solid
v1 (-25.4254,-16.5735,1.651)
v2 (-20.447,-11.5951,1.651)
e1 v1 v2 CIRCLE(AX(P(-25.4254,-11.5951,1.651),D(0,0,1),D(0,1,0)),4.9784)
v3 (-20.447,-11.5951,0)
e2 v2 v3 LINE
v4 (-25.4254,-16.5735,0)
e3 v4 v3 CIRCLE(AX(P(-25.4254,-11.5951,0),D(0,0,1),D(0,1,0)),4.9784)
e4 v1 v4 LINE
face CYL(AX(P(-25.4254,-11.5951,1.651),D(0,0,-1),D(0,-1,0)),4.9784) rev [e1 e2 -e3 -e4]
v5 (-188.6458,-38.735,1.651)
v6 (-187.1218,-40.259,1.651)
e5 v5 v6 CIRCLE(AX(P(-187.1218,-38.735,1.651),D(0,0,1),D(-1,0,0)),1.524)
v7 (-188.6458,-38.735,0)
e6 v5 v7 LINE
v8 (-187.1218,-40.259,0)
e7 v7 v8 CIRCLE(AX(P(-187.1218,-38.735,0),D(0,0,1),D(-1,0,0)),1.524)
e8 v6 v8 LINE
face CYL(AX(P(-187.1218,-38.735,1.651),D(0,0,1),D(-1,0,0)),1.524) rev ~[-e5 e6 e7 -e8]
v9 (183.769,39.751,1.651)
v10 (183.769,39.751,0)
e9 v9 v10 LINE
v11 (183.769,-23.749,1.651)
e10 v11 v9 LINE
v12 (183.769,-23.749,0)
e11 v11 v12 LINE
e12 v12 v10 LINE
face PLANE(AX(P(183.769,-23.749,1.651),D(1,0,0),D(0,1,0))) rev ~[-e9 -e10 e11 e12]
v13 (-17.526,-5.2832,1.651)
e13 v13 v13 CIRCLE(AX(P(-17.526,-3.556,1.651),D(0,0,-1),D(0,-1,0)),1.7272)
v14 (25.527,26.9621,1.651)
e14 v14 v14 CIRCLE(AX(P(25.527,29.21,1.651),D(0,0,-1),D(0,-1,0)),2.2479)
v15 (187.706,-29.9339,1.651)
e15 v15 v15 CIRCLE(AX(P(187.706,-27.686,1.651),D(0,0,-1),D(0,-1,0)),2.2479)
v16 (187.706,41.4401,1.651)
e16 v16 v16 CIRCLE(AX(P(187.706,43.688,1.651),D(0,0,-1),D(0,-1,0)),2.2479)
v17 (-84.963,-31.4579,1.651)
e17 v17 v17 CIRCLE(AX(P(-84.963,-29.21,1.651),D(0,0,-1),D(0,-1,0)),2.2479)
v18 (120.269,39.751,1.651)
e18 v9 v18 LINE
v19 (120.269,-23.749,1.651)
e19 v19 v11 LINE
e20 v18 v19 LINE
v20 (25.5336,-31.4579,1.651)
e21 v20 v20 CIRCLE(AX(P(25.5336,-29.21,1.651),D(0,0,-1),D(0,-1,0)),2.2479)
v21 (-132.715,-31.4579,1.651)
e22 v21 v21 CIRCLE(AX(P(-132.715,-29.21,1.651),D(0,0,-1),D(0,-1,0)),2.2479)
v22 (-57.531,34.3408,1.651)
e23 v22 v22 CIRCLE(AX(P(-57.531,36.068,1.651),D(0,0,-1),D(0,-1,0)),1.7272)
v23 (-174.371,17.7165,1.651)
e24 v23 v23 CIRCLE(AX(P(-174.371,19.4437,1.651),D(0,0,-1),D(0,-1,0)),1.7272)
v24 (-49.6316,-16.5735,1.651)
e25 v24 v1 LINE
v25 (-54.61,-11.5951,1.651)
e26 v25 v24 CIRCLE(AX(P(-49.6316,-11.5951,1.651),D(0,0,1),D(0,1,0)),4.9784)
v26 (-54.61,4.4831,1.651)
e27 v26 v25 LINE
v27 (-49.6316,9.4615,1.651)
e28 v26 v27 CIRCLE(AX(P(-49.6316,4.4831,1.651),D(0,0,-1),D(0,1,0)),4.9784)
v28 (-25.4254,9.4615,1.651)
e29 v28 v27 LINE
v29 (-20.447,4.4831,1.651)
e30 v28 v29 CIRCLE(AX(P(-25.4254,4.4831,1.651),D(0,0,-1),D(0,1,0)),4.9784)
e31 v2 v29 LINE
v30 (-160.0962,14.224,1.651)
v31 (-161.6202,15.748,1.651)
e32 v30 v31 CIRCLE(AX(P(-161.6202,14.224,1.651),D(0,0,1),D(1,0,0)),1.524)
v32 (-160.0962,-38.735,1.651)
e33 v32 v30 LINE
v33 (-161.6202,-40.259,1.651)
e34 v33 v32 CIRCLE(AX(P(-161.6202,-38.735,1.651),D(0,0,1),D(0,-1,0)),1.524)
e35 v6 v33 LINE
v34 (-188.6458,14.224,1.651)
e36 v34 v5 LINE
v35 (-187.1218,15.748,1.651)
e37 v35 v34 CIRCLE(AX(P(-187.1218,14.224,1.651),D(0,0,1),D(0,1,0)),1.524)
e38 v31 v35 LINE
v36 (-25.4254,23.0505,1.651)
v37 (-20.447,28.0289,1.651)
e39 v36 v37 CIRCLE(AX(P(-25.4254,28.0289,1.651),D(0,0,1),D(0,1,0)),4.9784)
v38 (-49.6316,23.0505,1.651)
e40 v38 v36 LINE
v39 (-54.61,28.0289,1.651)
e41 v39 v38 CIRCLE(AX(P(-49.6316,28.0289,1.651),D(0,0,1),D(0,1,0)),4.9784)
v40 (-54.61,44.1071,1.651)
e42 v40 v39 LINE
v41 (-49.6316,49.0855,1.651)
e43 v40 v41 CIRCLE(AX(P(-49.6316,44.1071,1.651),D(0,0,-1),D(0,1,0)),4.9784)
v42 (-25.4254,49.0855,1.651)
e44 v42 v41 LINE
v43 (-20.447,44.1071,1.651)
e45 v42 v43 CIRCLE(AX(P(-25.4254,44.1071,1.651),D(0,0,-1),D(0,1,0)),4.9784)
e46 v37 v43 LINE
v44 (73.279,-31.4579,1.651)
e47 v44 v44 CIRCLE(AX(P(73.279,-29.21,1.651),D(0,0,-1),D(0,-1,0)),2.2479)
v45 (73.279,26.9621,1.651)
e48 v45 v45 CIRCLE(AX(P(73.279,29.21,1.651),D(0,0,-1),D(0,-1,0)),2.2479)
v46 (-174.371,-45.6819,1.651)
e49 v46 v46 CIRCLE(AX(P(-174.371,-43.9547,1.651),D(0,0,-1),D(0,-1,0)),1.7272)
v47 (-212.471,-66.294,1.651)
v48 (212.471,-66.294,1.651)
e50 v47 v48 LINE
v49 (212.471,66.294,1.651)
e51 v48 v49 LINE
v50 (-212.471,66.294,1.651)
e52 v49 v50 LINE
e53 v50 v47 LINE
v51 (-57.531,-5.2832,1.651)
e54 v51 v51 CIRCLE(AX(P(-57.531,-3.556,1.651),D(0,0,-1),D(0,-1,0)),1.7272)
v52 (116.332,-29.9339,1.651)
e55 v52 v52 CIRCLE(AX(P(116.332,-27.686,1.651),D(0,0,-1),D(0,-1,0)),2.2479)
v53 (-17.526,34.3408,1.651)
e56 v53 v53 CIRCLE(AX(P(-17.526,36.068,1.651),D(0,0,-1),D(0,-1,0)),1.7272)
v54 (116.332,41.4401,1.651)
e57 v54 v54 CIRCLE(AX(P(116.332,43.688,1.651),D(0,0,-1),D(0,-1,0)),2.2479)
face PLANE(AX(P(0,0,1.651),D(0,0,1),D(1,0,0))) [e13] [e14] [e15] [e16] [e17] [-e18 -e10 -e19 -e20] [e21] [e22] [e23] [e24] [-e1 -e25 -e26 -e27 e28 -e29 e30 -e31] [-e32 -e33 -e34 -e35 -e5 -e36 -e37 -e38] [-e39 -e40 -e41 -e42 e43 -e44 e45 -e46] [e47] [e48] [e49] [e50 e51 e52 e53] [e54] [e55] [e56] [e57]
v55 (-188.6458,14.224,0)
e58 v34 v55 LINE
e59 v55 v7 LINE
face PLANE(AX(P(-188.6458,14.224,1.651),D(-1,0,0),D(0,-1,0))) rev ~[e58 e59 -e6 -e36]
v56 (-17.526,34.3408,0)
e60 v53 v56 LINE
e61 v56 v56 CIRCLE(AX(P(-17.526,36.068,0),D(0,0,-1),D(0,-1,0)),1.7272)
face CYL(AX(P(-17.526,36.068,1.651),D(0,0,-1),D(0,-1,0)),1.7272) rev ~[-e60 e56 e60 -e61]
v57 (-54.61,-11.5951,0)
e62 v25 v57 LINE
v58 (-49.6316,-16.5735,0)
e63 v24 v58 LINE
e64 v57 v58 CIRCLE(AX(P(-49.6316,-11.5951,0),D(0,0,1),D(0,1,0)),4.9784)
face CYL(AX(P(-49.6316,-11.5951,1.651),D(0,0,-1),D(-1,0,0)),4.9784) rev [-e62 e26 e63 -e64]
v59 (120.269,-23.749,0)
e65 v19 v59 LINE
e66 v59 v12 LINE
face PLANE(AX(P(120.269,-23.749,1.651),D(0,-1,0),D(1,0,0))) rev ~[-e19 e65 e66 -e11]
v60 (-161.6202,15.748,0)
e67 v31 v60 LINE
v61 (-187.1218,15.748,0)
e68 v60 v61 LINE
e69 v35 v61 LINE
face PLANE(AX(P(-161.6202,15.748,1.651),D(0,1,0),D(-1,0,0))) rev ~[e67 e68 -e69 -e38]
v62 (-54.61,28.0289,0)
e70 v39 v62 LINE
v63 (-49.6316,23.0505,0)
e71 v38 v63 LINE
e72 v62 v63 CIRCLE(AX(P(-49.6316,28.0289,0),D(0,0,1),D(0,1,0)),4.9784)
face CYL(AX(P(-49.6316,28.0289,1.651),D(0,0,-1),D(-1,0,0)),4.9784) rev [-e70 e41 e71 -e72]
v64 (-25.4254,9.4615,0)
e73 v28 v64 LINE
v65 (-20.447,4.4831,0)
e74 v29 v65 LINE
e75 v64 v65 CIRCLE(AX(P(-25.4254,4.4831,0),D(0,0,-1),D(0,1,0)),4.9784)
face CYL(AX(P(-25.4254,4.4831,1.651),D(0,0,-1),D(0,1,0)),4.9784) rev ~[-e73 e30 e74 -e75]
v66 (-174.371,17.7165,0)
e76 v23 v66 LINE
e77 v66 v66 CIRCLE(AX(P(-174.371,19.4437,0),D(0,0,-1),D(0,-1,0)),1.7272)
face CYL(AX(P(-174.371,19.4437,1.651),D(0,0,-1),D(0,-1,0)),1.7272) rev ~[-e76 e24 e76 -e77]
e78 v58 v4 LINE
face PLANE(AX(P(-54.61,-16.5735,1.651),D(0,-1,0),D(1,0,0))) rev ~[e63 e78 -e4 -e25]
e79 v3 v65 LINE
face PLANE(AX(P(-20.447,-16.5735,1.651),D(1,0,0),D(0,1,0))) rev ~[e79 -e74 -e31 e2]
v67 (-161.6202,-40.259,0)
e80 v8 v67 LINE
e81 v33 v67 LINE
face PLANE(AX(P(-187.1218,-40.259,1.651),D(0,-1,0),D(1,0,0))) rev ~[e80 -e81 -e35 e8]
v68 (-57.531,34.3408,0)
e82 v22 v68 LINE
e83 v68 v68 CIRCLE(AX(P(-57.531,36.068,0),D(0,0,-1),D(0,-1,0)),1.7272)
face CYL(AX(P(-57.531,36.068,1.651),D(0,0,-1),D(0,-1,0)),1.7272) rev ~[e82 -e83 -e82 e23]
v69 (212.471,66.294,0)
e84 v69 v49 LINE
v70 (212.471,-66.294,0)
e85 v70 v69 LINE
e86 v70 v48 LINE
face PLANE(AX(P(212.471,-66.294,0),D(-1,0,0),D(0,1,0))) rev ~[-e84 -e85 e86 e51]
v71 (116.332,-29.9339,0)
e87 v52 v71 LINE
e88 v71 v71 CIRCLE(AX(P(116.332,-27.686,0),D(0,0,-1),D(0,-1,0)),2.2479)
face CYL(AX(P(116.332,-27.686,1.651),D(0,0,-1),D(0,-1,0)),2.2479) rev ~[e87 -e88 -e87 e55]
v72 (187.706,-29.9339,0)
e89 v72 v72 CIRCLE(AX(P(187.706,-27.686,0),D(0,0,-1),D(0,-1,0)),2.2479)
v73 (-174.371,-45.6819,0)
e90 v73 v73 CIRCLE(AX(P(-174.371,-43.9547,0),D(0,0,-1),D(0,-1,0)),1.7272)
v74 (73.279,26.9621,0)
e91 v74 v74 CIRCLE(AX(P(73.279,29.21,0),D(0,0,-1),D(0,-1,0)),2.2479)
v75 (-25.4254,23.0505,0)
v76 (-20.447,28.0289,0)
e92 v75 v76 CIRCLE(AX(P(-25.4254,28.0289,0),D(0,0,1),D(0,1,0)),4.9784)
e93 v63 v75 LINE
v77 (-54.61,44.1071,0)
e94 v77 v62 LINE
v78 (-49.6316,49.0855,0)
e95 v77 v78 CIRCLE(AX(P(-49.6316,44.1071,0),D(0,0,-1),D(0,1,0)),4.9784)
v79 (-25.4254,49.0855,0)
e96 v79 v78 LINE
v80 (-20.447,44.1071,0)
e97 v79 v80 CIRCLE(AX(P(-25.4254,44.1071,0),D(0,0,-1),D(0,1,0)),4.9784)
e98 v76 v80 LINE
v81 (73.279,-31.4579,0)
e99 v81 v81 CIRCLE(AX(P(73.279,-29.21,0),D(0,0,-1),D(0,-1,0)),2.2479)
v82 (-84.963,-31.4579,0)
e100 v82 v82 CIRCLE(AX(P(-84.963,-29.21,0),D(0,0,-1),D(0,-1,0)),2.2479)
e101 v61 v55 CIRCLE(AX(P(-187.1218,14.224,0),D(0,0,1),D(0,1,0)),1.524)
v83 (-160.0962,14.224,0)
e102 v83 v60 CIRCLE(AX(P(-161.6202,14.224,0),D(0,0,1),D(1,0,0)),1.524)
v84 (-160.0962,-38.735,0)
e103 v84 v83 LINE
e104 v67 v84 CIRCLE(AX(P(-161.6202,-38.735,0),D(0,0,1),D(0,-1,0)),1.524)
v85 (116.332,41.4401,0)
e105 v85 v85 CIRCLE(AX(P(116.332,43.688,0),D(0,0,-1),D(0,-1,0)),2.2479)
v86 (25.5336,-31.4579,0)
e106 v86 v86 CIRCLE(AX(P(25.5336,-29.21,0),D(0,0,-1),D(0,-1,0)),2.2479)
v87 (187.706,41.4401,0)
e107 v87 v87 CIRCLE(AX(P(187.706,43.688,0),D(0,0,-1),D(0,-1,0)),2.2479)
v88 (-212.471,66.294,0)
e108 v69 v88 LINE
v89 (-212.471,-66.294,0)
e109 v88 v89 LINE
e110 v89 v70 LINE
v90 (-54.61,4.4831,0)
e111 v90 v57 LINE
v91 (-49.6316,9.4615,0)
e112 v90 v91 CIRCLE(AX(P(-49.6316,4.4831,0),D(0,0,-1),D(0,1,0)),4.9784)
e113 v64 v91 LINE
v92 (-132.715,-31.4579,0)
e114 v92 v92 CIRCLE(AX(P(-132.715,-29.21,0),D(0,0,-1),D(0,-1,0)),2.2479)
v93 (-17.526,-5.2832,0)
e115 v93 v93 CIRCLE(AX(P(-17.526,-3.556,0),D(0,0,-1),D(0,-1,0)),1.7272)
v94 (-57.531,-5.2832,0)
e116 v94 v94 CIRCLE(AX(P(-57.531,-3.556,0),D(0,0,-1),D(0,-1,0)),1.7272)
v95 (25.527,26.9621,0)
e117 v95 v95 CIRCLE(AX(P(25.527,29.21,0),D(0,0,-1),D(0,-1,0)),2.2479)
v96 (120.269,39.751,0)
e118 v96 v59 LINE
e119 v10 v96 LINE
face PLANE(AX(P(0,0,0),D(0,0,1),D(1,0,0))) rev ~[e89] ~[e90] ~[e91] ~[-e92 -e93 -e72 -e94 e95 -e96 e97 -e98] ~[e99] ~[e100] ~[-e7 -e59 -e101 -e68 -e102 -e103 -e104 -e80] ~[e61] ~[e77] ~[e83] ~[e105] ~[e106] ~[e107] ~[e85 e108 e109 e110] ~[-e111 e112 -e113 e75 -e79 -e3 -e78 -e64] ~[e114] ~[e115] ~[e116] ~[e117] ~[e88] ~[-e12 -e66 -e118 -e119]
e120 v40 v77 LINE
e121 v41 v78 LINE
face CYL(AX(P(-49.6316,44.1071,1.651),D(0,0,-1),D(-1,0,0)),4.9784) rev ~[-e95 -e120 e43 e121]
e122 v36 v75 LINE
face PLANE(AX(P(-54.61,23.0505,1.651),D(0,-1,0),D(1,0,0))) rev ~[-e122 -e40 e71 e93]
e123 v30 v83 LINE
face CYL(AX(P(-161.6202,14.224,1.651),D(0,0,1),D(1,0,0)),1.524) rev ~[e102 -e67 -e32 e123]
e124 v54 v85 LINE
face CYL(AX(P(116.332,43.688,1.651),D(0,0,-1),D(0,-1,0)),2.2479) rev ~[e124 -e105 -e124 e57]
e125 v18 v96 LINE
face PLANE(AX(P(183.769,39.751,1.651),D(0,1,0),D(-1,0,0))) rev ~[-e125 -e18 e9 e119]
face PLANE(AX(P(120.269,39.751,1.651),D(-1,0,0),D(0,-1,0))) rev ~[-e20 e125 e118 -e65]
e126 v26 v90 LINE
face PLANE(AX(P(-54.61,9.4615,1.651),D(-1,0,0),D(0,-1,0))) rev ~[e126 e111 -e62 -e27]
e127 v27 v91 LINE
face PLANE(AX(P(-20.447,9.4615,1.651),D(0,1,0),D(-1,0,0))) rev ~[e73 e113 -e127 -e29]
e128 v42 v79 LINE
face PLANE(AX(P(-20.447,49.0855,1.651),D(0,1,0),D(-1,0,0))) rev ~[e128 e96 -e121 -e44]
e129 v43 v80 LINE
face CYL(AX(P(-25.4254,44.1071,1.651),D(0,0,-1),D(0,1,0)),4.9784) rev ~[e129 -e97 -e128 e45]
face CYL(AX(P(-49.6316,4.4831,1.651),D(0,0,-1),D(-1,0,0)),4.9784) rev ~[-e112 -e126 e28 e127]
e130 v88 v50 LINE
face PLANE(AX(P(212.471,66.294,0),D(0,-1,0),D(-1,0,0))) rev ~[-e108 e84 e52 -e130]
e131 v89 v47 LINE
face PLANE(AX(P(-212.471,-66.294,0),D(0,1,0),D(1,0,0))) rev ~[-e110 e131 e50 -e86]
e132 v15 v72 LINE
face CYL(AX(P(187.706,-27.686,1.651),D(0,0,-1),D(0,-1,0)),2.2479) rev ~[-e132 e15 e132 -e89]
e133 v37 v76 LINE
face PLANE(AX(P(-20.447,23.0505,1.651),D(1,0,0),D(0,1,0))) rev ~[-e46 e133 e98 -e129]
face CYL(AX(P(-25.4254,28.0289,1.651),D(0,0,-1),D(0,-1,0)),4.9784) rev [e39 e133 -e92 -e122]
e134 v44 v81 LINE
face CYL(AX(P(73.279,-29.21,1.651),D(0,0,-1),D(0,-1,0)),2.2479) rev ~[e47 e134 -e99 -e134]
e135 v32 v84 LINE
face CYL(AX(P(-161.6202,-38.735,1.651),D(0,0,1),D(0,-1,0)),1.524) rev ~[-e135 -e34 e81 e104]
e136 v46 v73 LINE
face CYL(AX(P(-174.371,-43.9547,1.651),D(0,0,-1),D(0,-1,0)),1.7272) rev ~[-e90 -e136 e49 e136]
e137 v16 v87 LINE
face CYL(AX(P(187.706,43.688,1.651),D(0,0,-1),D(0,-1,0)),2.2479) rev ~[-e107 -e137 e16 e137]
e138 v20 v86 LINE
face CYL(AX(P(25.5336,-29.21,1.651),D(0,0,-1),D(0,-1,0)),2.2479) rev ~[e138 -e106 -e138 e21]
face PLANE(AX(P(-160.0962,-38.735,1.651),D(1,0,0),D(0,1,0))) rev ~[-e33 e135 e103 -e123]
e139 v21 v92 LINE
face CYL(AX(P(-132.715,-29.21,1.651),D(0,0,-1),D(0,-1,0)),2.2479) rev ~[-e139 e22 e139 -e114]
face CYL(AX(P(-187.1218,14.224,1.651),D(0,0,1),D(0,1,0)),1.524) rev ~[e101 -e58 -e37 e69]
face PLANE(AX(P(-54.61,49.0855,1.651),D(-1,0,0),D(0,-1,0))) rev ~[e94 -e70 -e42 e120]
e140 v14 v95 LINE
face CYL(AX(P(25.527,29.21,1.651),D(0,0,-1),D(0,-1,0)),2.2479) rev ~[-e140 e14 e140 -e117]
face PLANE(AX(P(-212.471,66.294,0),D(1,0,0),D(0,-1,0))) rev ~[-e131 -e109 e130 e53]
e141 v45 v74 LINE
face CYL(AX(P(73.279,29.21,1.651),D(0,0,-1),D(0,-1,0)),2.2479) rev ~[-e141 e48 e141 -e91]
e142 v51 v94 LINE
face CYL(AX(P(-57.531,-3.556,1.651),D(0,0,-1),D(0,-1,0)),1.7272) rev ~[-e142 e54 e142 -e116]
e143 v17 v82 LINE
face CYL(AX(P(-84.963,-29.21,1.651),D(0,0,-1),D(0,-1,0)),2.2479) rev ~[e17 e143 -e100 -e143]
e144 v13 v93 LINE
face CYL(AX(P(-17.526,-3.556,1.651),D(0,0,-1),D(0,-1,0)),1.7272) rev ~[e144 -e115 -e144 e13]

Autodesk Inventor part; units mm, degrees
ref_plane "YZ Plane" through (0, 0, 0) normal (1, 0, 0) x (0, 1, 0)
ref_plane "XZ Plane" through (0, 0, 0) normal (0, 1, 0) x (-1, 0, 0)
ref_plane "XY Plane" through (0, 0, 0) normal (0, 0, 1) x (1, 0, 0)
sketch "Sketch1" plane through (0, 0, 0) normal (0, 0, 1) x (1, 0, 0)
  line L0 (-212.471, -66.294) -> (212.471, -66.294)
  line L1 (212.471, -66.294) -> (212.471, 66.294)
  line L2 (212.471, 66.294) -> (-212.471, 66.294)
  line L3 (-212.471, 66.294) -> (-212.471, -66.294)
  line L4 (-212.471, -66.294) -> (212.471, 66.294) construction
  line L5 (212.471, -66.294) -> (-212.471, 66.294) construction
  point P0 (0, 0)
  dimension "d0" = 424.942
  dimension "d1" = 132.588
extrude "PDU back" add sketch "Sketch1" along normal blind 1.651
sketch "pwr entry" plane through (0, 0, 1.651) normal (0, 0, 1) x (1, 0, 0)
  line L0 (-187.1218, -40.259) -> (-161.6202, -40.259)
  line L1 (-160.0962, -38.735) -> (-160.0962, 14.224)
  line L2 (-161.6202, 15.748) -> (-187.1218, 15.748)
  line L3 (-188.6458, 14.224) -> (-188.6458, -38.735)
  line L4 (-188.6458, -40.259) -> (-160.0962, 15.748) construction
  line L5 (-160.0962, -40.259) -> (-188.6458, 15.748) construction
  line L6 (-174.371, 19.4437) -> (-174.371, -43.9547) construction
  line L7 (-212.471, 66.294) -> (-212.471, -66.294) projected
  line L8 (-212.471, -66.294) -> (212.471, -66.294) projected
  arc A0 (-160.0962, 14.224) -> (-161.6202, 15.748) centre (-161.6202, 14.224) ccw
  arc A1 (-187.1218, 15.748) -> (-188.6458, 14.224) centre (-187.1218, 14.224) ccw
  arc A2 (-188.6458, -38.735) -> (-187.1218, -40.259) centre (-187.1218, -38.735) ccw
  arc A3 (-161.6202, -40.259) -> (-160.0962, -38.735) centre (-161.6202, -38.735) ccw
  point P0 (0, 0)
  point P1 (-174.371, -12.2555)
  point P2 (-174.371, -12.2555)
  dimension "d4" = 56.007
  dimension "d5" = 28.5496
  dimension "d6" = 63.3984
  dimension "d7" = 38.1
  dimension "d8" = 22.3393
  dimension "d9" = 1.524
extrude "pwr entry cutout" cut sketch "pwr entry" against normal through all
hole "pwr entry holes" at (-174.371, 19.4437, 1.651) at (-174.371, -43.9547, 1.651) direction (0, 0, -1) diameter 3.4544 end through all
sketch "IEC outlet" plane through (0, 0, 1.651) normal (0, 0, 1) x (1, 0, 0)
  line L0 (-54.61, -16.5735) -> (-20.447, -16.5735)
  line L1 (-20.447, -16.5735) -> (-20.447, 9.4615)
  line L2 (-20.447, 9.4615) -> (-54.61, 9.4615)
  line L3 (-54.61, 9.4615) -> (-54.61, -16.5735)
  line L4 (-54.61, -16.5735) -> (-20.447, 9.4615) construction
  line L5 (-20.447, -16.5735) -> (-54.61, 9.4615) construction
  line L6 (-57.531, -3.556) -> (-17.526, -3.556) construction
  line L7 (-212.471, 66.294) -> (-212.471, -66.294) projected
  line L8 (-212.471, -66.294) -> (212.471, -66.294) projected
  line L9 (-54.61, 23.0505) -> (-20.447, 23.0505)
  line L10 (-20.447, 23.0505) -> (-20.447, 49.0855)
  line L11 (-20.447, 49.0855) -> (-54.61, 49.0855)
  line L12 (-54.61, 49.0855) -> (-54.61, 23.0505)
  line L13 (-54.61, 23.0505) -> (-20.447, 49.0855) construction
  line L14 (-20.447, 23.0505) -> (-54.61, 49.0855) construction
  line L15 (-57.531, 36.068) -> (-17.526, 36.068) construction
  point P0 (0, 0)
  point P1 (-37.5285, -3.556)
  point P2 (-37.5285, -3.556)
  point P3 (0, 39.624)
  point P4 (-37.5285, 36.068)
  point P5 (-37.5285, 36.068)
  dimension "d19" = 26.035
  dimension "d20" = 34.163
  dimension "d22" = 40.005
  dimension "d23" = 154.94
  dimension "d24" = 62.738
  dimension "d27" = 39.624
hole "IEC holes" at (-17.526, -3.556, 1.651) at (-57.531, -3.556, 1.651) at (-57.531, 36.068, 1.651) at (-17.526, 36.068, 1.651) direction (0, 0, -1) diameter 3.4544 end through all
extrude "IEC cutout" cut sketch "IEC outlet" against normal blind 25.4
sketch "airflow" plane through (0, 0, 1.651) normal (0, 0, 1) x (1, 0, 0)
  line L0 (110.109, -33.909) -> (193.929, -33.909) construction
  line L1 (193.929, -33.909) -> (193.929, 49.911) construction
  line L2 (193.929, 49.911) -> (110.109, 49.911) construction
  line L3 (110.109, 49.911) -> (110.109, -33.909) construction
  line L4 (110.109, -33.909) -> (193.929, 49.911) construction
  line L5 (193.929, -33.909) -> (110.109, 49.911) construction
  line L6 (-212.471, 66.294) -> (-212.471, -66.294) projected
  line L7 (-212.471, -66.294) -> (212.471, -66.294) projected
  line L8 (120.269, -23.749) -> (183.769, -23.749)
  line L9 (183.769, -23.749) -> (183.769, 39.751)
  line L10 (183.769, 39.751) -> (120.269, 39.751)
  line L11 (120.269, 39.751) -> (120.269, -23.749)
  line L12 (120.269, -23.749) -> (183.769, 39.751) construction
  line L13 (183.769, -23.749) -> (120.269, 39.751) construction
  line L14 (116.332, -27.686) -> (187.706, -27.686) construction
  line L15 (187.706, -27.686) -> (187.706, 43.688) construction
  line L16 (187.706, 43.688) -> (116.332, 43.688) construction
  line L17 (116.332, 43.688) -> (116.332, -27.686) construction
  line L18 (116.332, -27.686) -> (187.706, 43.688) construction
  line L19 (187.706, -27.686) -> (116.332, 43.688) construction
  point P0 (0, 0)
  point P1 (152.019, 8.001)
  dimension "d43" = 83.82
  dimension "d44" = 83.82
  dimension "d45" = 322.58
  dimension "d46" = 32.385
  dimension "d47" = 63.5
  dimension "d48" = 71.374
hole "airflow holes" at (187.706, 43.688, 1.651) at (116.332, 43.688, 1.651) at (116.332, -27.686, 1.651) at (187.706, -27.686, 1.651) direction (0, 0, -1) diameter 4.4958 end through all
extrude "airflow cutout" cut sketch "airflow" against normal through all
fillet "IEC fillet 1" radius 4.9784 4 edges at (-54.61, 49.0855, 0.8255) (-20.447, 49.0855, 0.8255) (-20.447, 23.0505, 0.8255) (-54.61, 23.0505, 0.8255)
fillet "IEC fillet 2" radius 4.9784 4 edges at (-54.61, 9.4615, 0.8255) (-54.61, -16.5735, 0.8255) (-20.447, 9.4615, 0.8255) (-20.447, -16.5735, 0.8255)
sketch "Sketch5" plane through (0, 0, 0) normal (0, 0, -1) x (-1, 0, 0)
  circle A0 centre (-116.332, 43.688) radius 2.2479 construction
  circle A1 centre (-116.332, -27.686) radius 2.2479 construction
  circle A2 centre (-116.332, -27.686) radius 2.2479 construction
  line L0 (-116.332, 43.688) -> (-116.332, -27.686) construction
  circle A3 centre (17.526, 36.068) radius 1.7272 construction
  circle A4 centre (17.526, -3.556) radius 1.7272 construction
  line L1 (17.526, 36.068) -> (17.526, -3.556) construction
  line L2 (-73.279, 29.21) -> (-25.527, 29.21) construction
  line L3 (84.963, -29.21) -> (132.715, -29.21) construction
  circle A5 centre (57.531, 36.068) radius 1.7272 construction
  line L4 (-25.5336, -29.21) -> (147.9977, -29.21) construction
  line L5 (84.9503, 23.1654) -> (84.9503, -54.0444) construction
  line L6 (-212.471, 66.294) -> (212.471, 66.294) projected
  point P0 (0, 0)
  point P1 (0, 0)
  point P2 (-73.279, -29.21)
  dimension "d60" = 58.42
  dimension "d61" = 47.752
  dimension "d62" = 27.432
  dimension "d63" = 47.752
  dimension "d64" = 43.053
  dimension "d73" = 95.504
  dimension "d74" = 95.504
  dimension "d75" = 95.504
sketch "Sketch6" plane through (0, 0, 1.651) normal (0, 0, 1) x (1, 0, 0)
  line L0 (73.279, -29.21) -> (-149.3427, -29.21) construction
  line L1 (-132.7023, 25.4917) -> (-132.7023, -42.1158) construction
  point P0 (0, 0)
  point P1 (73.279, 29.21)
  point P2 (25.527, 29.21)
  point P3 (25.5336, -29.21)
  point P4 (-84.963, -29.21)
  point P5 (-132.715, -29.21)
hole "solid state relay holes" at (-132.715, -29.21, 1.651) at (-84.963, -29.21, 1.651) at (25.527, 29.21, 1.651) at (73.279, 29.21, 1.651) at (25.5336, -29.21, 1.651) at (73.279, -29.21, 1.651) direction (0, 0, -1) diameter 4.4958 end through all clearance for "Flat Head Machine Screw (82)" size "#8" standard "Ansi Unified Screw Threads"
properties part number "PDU_chassis_back"
